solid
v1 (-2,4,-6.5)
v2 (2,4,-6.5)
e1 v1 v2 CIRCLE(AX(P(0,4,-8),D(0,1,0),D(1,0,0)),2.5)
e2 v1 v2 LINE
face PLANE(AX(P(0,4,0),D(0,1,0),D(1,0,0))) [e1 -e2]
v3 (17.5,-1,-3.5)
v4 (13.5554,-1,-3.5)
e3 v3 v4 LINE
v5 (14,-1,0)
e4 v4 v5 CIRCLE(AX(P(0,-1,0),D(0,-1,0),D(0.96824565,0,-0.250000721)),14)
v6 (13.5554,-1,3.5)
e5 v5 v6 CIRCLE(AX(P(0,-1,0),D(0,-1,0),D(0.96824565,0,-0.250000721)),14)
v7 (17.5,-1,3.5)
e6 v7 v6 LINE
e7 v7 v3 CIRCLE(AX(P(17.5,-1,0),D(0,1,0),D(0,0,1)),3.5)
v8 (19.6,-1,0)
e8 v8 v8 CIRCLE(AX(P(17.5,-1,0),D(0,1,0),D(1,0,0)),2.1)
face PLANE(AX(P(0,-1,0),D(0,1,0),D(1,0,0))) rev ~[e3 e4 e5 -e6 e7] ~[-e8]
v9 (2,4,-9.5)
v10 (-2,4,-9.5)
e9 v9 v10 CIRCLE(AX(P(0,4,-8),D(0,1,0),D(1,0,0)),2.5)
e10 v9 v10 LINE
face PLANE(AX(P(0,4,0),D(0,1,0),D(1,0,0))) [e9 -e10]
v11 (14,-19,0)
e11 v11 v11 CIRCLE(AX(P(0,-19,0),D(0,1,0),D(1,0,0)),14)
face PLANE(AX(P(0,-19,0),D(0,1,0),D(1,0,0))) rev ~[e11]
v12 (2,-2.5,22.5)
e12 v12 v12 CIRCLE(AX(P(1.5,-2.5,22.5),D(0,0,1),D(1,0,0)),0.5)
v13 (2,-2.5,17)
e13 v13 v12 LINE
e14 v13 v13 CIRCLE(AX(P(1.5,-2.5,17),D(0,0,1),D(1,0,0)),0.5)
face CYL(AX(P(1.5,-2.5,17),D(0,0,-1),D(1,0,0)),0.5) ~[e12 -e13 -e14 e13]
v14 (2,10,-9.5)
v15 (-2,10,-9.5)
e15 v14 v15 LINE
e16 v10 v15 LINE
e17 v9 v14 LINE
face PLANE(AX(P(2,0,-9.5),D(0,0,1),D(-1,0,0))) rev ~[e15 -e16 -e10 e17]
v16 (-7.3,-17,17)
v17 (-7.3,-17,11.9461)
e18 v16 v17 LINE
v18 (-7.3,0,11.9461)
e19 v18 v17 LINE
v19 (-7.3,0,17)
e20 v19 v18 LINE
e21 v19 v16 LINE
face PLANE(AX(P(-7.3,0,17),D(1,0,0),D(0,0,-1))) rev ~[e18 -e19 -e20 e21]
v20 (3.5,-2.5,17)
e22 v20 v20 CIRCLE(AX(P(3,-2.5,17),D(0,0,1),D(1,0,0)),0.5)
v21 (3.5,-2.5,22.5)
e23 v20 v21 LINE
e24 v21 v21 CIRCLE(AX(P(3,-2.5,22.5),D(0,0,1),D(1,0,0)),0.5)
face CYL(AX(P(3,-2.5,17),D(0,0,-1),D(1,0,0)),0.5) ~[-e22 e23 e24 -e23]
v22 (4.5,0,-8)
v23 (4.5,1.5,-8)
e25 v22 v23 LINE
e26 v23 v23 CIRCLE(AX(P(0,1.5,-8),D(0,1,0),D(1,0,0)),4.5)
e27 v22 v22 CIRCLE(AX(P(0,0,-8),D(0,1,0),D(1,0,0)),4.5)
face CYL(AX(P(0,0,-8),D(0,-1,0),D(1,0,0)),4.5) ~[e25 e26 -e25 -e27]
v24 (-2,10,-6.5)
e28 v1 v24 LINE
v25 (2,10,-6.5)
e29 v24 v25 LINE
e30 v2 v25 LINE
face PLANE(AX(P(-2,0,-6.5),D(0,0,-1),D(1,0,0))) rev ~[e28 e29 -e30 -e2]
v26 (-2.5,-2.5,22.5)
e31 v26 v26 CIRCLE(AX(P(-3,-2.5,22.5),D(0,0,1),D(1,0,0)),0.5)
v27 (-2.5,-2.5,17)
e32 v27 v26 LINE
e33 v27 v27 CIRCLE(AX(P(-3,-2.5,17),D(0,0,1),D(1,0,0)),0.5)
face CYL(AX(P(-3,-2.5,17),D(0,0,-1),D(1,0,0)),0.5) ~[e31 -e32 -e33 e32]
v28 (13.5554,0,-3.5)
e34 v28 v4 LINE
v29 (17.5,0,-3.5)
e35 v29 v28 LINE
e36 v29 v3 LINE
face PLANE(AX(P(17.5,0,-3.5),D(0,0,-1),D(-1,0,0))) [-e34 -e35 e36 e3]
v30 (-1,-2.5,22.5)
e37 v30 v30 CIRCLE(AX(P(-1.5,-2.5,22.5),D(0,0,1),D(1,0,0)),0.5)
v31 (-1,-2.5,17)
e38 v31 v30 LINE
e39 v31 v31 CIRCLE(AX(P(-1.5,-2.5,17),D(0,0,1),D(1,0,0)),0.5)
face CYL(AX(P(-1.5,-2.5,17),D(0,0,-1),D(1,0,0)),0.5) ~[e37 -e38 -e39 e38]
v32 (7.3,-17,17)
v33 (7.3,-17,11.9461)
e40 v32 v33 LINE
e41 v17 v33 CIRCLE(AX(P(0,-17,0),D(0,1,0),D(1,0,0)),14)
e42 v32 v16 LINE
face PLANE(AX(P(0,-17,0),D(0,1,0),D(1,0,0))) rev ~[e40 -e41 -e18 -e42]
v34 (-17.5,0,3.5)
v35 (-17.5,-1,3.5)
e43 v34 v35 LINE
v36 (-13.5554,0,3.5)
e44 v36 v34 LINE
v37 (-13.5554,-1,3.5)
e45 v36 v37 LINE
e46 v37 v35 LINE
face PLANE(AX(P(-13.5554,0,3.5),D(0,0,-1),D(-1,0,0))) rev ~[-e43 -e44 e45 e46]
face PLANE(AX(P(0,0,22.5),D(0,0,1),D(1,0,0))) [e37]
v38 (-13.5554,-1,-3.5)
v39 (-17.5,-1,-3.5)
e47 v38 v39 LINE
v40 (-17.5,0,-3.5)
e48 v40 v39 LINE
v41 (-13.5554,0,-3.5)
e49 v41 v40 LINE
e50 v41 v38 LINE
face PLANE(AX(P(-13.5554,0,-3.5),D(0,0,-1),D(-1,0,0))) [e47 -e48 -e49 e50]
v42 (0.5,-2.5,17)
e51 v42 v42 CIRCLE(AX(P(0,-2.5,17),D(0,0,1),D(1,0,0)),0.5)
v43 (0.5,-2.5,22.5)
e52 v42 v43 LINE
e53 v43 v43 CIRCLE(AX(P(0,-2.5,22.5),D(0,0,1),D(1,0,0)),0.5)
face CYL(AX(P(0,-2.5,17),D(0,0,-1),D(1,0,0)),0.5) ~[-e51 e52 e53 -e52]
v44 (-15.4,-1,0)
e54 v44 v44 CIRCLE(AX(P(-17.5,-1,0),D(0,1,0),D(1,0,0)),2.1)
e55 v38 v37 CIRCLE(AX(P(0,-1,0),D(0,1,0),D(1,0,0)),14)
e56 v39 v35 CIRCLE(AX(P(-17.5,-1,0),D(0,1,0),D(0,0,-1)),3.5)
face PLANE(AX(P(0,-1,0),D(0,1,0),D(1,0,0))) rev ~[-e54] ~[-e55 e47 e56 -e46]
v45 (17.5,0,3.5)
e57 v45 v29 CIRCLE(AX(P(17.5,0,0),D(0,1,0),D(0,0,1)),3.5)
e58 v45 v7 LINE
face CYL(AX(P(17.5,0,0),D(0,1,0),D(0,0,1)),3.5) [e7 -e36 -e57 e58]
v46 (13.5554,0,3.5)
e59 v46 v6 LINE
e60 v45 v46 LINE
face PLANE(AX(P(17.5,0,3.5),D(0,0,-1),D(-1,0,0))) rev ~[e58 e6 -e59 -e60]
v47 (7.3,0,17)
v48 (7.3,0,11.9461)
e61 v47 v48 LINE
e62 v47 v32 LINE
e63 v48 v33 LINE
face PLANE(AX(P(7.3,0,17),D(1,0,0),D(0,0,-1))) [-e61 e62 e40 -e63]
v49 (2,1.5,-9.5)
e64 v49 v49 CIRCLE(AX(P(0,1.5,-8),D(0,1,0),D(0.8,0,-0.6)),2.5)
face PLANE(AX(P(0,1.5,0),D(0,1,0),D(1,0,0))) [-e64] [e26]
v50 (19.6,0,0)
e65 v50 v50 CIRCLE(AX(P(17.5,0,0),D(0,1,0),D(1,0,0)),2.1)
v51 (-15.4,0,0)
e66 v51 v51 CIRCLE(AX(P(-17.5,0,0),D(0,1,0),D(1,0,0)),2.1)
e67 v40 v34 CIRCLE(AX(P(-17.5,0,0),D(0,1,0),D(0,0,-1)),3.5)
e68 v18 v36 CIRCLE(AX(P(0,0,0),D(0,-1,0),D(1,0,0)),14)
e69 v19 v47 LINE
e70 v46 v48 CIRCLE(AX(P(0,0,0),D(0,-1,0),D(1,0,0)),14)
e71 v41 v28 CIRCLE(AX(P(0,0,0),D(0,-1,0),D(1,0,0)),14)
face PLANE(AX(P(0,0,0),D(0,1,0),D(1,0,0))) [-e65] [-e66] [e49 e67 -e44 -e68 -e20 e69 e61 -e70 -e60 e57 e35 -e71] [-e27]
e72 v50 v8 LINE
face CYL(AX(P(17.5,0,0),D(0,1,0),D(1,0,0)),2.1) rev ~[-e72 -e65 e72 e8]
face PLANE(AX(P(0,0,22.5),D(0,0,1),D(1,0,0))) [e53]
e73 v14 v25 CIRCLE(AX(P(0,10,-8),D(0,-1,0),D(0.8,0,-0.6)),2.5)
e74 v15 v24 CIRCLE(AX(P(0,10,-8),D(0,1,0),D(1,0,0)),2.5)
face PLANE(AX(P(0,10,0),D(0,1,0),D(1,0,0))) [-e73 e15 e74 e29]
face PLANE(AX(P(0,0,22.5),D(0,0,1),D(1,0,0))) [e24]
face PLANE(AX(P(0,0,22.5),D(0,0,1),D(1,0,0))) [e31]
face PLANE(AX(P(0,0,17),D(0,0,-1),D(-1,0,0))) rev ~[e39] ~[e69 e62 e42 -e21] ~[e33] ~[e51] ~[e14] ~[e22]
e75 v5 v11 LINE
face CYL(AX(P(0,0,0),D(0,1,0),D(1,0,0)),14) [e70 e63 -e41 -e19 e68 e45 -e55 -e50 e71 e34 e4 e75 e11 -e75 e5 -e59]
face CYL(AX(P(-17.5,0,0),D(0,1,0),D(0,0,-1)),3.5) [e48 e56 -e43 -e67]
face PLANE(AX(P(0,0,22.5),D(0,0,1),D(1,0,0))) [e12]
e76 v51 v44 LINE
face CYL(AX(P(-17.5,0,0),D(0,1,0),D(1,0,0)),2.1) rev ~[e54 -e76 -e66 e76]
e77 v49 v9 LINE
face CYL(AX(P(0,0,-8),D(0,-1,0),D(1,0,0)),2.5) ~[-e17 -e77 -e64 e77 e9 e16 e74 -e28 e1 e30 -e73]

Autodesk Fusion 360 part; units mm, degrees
sketch "Skizze1" plane through (0, 0, 0) normal (0, 1, 0) x (1, 0, 0)
  circle A0 centre (0, 0) radius 14
  circle A1 centre (17.5, 0) radius 2.1
  circle A2 centre (-17.5, 0) radius 2.1
  circle A3 centre (0, 8) radius 4.5
  circle A4 centre (0, 8) radius 2.5
  line L0 (2, 9.5) -> (-2, 9.5)
  line L1 (-2, 6.5) -> (2, 6.5)
  line L2 (0, 0) -> (0, 14) construction
  line L3 (0, 0) -> (0, -17) construction
  line L4 (0, -17) -> (7.3, -17)
  line L5 (0, -17) -> (-7.3, -17)
  line L6 (-7.3, -17) -> (-7.3, -11.9461)
  line L7 (7.3, -17) -> (7.3, -11.9461)
  line L8 (0, 0) -> (-17.5, 0) construction
  line L9 (0, 0) -> (17.5, 0) construction
  line L10 (17.5, 0) -> (17.5, 3.5) construction
  line L11 (17.5, 0) -> (17.5, -3.5) construction
  line L12 (17.5, 3.5) -> (13.5554, 3.5)
  line L13 (-13.5554, 3.5) -> (-17.5, 3.5)
  arc A5 (-17.5, 3.5) -> (-17.5, -3.5) centre (-17.5, 0) ccw
  line L14 (17.5, -3.5) -> (13.5554, -3.5)
  line L15 (-13.5554, -3.5) -> (-17.5, -3.5)
  arc A6 (17.5, -3.5) -> (17.5, 3.5) centre (17.5, 0) ccw
  dimension "d1" = 28
  dimension "d2" = 4.2
  dimension "d3" = 4.2
  dimension "d4" = 17.5
  dimension "d5" = 17.5
  dimension "d6" = 9
  dimension "d7" = 8
  dimension "d8" = 5
  dimension "d9" = 3
  dimension "d10" = 17
  dimension "d11" = 7.3
  dimension "d12" = 7.3
  dimension "d13" = 7
  dimension "d14" = 7
extrude "Extrusion1" add sketch "Skizze1" against normal blind 19 contours A0 | A3 | A4 L0 L1 | A4 L0 | A4 L1
extrude "Extrusion2" add sketch "Skizze1" against normal blind 17 contours A0 L4 L5 L6 L7
extrude "Extrusion3" add sketch "Skizze1" against normal blind 1 contours A0 L12 L14 A6 | A0 L13 A5 L15
extrude "Extrusion4" add sketch "Skizze1" along normal blind 1.5 contours A3
extrude "Extrusion5" add sketch "Skizze1" along normal blind 10 contours A4 L0 L1
extrude "Extrusion6" add sketch "Skizze1" along normal blind 4 contours A4 L0 | A4 L1
sketch "Skizze2" plane through (0, 0, 17) normal (0, 0, 1) x (1, 0, 0)
  line L0 (7.3, 0) -> (-7.3, 0)
  line L1 (-7.3, 0) -> (-7.3, -17)
  line L2 (-7.3, -17) -> (7.3, -17)
  line L3 (7.3, -17) -> (7.3, 0)
  circle A0 centre (0, -2.5) radius 0.5
  circle A1 centre (-1.5, -2.5) radius 0.5
  circle A2 centre (-3, -2.5) radius 0.5
  circle A3 centre (1.5, -2.5) radius 0.5
  circle A4 centre (3, -2.5) radius 0.5
extrude "Extrusion7" add sketch "Skizze2" along normal blind 5.5 contours A0 | A1 | A2 | A3 | A4
equation "d25 = 10.00 mm - 6 mm"
